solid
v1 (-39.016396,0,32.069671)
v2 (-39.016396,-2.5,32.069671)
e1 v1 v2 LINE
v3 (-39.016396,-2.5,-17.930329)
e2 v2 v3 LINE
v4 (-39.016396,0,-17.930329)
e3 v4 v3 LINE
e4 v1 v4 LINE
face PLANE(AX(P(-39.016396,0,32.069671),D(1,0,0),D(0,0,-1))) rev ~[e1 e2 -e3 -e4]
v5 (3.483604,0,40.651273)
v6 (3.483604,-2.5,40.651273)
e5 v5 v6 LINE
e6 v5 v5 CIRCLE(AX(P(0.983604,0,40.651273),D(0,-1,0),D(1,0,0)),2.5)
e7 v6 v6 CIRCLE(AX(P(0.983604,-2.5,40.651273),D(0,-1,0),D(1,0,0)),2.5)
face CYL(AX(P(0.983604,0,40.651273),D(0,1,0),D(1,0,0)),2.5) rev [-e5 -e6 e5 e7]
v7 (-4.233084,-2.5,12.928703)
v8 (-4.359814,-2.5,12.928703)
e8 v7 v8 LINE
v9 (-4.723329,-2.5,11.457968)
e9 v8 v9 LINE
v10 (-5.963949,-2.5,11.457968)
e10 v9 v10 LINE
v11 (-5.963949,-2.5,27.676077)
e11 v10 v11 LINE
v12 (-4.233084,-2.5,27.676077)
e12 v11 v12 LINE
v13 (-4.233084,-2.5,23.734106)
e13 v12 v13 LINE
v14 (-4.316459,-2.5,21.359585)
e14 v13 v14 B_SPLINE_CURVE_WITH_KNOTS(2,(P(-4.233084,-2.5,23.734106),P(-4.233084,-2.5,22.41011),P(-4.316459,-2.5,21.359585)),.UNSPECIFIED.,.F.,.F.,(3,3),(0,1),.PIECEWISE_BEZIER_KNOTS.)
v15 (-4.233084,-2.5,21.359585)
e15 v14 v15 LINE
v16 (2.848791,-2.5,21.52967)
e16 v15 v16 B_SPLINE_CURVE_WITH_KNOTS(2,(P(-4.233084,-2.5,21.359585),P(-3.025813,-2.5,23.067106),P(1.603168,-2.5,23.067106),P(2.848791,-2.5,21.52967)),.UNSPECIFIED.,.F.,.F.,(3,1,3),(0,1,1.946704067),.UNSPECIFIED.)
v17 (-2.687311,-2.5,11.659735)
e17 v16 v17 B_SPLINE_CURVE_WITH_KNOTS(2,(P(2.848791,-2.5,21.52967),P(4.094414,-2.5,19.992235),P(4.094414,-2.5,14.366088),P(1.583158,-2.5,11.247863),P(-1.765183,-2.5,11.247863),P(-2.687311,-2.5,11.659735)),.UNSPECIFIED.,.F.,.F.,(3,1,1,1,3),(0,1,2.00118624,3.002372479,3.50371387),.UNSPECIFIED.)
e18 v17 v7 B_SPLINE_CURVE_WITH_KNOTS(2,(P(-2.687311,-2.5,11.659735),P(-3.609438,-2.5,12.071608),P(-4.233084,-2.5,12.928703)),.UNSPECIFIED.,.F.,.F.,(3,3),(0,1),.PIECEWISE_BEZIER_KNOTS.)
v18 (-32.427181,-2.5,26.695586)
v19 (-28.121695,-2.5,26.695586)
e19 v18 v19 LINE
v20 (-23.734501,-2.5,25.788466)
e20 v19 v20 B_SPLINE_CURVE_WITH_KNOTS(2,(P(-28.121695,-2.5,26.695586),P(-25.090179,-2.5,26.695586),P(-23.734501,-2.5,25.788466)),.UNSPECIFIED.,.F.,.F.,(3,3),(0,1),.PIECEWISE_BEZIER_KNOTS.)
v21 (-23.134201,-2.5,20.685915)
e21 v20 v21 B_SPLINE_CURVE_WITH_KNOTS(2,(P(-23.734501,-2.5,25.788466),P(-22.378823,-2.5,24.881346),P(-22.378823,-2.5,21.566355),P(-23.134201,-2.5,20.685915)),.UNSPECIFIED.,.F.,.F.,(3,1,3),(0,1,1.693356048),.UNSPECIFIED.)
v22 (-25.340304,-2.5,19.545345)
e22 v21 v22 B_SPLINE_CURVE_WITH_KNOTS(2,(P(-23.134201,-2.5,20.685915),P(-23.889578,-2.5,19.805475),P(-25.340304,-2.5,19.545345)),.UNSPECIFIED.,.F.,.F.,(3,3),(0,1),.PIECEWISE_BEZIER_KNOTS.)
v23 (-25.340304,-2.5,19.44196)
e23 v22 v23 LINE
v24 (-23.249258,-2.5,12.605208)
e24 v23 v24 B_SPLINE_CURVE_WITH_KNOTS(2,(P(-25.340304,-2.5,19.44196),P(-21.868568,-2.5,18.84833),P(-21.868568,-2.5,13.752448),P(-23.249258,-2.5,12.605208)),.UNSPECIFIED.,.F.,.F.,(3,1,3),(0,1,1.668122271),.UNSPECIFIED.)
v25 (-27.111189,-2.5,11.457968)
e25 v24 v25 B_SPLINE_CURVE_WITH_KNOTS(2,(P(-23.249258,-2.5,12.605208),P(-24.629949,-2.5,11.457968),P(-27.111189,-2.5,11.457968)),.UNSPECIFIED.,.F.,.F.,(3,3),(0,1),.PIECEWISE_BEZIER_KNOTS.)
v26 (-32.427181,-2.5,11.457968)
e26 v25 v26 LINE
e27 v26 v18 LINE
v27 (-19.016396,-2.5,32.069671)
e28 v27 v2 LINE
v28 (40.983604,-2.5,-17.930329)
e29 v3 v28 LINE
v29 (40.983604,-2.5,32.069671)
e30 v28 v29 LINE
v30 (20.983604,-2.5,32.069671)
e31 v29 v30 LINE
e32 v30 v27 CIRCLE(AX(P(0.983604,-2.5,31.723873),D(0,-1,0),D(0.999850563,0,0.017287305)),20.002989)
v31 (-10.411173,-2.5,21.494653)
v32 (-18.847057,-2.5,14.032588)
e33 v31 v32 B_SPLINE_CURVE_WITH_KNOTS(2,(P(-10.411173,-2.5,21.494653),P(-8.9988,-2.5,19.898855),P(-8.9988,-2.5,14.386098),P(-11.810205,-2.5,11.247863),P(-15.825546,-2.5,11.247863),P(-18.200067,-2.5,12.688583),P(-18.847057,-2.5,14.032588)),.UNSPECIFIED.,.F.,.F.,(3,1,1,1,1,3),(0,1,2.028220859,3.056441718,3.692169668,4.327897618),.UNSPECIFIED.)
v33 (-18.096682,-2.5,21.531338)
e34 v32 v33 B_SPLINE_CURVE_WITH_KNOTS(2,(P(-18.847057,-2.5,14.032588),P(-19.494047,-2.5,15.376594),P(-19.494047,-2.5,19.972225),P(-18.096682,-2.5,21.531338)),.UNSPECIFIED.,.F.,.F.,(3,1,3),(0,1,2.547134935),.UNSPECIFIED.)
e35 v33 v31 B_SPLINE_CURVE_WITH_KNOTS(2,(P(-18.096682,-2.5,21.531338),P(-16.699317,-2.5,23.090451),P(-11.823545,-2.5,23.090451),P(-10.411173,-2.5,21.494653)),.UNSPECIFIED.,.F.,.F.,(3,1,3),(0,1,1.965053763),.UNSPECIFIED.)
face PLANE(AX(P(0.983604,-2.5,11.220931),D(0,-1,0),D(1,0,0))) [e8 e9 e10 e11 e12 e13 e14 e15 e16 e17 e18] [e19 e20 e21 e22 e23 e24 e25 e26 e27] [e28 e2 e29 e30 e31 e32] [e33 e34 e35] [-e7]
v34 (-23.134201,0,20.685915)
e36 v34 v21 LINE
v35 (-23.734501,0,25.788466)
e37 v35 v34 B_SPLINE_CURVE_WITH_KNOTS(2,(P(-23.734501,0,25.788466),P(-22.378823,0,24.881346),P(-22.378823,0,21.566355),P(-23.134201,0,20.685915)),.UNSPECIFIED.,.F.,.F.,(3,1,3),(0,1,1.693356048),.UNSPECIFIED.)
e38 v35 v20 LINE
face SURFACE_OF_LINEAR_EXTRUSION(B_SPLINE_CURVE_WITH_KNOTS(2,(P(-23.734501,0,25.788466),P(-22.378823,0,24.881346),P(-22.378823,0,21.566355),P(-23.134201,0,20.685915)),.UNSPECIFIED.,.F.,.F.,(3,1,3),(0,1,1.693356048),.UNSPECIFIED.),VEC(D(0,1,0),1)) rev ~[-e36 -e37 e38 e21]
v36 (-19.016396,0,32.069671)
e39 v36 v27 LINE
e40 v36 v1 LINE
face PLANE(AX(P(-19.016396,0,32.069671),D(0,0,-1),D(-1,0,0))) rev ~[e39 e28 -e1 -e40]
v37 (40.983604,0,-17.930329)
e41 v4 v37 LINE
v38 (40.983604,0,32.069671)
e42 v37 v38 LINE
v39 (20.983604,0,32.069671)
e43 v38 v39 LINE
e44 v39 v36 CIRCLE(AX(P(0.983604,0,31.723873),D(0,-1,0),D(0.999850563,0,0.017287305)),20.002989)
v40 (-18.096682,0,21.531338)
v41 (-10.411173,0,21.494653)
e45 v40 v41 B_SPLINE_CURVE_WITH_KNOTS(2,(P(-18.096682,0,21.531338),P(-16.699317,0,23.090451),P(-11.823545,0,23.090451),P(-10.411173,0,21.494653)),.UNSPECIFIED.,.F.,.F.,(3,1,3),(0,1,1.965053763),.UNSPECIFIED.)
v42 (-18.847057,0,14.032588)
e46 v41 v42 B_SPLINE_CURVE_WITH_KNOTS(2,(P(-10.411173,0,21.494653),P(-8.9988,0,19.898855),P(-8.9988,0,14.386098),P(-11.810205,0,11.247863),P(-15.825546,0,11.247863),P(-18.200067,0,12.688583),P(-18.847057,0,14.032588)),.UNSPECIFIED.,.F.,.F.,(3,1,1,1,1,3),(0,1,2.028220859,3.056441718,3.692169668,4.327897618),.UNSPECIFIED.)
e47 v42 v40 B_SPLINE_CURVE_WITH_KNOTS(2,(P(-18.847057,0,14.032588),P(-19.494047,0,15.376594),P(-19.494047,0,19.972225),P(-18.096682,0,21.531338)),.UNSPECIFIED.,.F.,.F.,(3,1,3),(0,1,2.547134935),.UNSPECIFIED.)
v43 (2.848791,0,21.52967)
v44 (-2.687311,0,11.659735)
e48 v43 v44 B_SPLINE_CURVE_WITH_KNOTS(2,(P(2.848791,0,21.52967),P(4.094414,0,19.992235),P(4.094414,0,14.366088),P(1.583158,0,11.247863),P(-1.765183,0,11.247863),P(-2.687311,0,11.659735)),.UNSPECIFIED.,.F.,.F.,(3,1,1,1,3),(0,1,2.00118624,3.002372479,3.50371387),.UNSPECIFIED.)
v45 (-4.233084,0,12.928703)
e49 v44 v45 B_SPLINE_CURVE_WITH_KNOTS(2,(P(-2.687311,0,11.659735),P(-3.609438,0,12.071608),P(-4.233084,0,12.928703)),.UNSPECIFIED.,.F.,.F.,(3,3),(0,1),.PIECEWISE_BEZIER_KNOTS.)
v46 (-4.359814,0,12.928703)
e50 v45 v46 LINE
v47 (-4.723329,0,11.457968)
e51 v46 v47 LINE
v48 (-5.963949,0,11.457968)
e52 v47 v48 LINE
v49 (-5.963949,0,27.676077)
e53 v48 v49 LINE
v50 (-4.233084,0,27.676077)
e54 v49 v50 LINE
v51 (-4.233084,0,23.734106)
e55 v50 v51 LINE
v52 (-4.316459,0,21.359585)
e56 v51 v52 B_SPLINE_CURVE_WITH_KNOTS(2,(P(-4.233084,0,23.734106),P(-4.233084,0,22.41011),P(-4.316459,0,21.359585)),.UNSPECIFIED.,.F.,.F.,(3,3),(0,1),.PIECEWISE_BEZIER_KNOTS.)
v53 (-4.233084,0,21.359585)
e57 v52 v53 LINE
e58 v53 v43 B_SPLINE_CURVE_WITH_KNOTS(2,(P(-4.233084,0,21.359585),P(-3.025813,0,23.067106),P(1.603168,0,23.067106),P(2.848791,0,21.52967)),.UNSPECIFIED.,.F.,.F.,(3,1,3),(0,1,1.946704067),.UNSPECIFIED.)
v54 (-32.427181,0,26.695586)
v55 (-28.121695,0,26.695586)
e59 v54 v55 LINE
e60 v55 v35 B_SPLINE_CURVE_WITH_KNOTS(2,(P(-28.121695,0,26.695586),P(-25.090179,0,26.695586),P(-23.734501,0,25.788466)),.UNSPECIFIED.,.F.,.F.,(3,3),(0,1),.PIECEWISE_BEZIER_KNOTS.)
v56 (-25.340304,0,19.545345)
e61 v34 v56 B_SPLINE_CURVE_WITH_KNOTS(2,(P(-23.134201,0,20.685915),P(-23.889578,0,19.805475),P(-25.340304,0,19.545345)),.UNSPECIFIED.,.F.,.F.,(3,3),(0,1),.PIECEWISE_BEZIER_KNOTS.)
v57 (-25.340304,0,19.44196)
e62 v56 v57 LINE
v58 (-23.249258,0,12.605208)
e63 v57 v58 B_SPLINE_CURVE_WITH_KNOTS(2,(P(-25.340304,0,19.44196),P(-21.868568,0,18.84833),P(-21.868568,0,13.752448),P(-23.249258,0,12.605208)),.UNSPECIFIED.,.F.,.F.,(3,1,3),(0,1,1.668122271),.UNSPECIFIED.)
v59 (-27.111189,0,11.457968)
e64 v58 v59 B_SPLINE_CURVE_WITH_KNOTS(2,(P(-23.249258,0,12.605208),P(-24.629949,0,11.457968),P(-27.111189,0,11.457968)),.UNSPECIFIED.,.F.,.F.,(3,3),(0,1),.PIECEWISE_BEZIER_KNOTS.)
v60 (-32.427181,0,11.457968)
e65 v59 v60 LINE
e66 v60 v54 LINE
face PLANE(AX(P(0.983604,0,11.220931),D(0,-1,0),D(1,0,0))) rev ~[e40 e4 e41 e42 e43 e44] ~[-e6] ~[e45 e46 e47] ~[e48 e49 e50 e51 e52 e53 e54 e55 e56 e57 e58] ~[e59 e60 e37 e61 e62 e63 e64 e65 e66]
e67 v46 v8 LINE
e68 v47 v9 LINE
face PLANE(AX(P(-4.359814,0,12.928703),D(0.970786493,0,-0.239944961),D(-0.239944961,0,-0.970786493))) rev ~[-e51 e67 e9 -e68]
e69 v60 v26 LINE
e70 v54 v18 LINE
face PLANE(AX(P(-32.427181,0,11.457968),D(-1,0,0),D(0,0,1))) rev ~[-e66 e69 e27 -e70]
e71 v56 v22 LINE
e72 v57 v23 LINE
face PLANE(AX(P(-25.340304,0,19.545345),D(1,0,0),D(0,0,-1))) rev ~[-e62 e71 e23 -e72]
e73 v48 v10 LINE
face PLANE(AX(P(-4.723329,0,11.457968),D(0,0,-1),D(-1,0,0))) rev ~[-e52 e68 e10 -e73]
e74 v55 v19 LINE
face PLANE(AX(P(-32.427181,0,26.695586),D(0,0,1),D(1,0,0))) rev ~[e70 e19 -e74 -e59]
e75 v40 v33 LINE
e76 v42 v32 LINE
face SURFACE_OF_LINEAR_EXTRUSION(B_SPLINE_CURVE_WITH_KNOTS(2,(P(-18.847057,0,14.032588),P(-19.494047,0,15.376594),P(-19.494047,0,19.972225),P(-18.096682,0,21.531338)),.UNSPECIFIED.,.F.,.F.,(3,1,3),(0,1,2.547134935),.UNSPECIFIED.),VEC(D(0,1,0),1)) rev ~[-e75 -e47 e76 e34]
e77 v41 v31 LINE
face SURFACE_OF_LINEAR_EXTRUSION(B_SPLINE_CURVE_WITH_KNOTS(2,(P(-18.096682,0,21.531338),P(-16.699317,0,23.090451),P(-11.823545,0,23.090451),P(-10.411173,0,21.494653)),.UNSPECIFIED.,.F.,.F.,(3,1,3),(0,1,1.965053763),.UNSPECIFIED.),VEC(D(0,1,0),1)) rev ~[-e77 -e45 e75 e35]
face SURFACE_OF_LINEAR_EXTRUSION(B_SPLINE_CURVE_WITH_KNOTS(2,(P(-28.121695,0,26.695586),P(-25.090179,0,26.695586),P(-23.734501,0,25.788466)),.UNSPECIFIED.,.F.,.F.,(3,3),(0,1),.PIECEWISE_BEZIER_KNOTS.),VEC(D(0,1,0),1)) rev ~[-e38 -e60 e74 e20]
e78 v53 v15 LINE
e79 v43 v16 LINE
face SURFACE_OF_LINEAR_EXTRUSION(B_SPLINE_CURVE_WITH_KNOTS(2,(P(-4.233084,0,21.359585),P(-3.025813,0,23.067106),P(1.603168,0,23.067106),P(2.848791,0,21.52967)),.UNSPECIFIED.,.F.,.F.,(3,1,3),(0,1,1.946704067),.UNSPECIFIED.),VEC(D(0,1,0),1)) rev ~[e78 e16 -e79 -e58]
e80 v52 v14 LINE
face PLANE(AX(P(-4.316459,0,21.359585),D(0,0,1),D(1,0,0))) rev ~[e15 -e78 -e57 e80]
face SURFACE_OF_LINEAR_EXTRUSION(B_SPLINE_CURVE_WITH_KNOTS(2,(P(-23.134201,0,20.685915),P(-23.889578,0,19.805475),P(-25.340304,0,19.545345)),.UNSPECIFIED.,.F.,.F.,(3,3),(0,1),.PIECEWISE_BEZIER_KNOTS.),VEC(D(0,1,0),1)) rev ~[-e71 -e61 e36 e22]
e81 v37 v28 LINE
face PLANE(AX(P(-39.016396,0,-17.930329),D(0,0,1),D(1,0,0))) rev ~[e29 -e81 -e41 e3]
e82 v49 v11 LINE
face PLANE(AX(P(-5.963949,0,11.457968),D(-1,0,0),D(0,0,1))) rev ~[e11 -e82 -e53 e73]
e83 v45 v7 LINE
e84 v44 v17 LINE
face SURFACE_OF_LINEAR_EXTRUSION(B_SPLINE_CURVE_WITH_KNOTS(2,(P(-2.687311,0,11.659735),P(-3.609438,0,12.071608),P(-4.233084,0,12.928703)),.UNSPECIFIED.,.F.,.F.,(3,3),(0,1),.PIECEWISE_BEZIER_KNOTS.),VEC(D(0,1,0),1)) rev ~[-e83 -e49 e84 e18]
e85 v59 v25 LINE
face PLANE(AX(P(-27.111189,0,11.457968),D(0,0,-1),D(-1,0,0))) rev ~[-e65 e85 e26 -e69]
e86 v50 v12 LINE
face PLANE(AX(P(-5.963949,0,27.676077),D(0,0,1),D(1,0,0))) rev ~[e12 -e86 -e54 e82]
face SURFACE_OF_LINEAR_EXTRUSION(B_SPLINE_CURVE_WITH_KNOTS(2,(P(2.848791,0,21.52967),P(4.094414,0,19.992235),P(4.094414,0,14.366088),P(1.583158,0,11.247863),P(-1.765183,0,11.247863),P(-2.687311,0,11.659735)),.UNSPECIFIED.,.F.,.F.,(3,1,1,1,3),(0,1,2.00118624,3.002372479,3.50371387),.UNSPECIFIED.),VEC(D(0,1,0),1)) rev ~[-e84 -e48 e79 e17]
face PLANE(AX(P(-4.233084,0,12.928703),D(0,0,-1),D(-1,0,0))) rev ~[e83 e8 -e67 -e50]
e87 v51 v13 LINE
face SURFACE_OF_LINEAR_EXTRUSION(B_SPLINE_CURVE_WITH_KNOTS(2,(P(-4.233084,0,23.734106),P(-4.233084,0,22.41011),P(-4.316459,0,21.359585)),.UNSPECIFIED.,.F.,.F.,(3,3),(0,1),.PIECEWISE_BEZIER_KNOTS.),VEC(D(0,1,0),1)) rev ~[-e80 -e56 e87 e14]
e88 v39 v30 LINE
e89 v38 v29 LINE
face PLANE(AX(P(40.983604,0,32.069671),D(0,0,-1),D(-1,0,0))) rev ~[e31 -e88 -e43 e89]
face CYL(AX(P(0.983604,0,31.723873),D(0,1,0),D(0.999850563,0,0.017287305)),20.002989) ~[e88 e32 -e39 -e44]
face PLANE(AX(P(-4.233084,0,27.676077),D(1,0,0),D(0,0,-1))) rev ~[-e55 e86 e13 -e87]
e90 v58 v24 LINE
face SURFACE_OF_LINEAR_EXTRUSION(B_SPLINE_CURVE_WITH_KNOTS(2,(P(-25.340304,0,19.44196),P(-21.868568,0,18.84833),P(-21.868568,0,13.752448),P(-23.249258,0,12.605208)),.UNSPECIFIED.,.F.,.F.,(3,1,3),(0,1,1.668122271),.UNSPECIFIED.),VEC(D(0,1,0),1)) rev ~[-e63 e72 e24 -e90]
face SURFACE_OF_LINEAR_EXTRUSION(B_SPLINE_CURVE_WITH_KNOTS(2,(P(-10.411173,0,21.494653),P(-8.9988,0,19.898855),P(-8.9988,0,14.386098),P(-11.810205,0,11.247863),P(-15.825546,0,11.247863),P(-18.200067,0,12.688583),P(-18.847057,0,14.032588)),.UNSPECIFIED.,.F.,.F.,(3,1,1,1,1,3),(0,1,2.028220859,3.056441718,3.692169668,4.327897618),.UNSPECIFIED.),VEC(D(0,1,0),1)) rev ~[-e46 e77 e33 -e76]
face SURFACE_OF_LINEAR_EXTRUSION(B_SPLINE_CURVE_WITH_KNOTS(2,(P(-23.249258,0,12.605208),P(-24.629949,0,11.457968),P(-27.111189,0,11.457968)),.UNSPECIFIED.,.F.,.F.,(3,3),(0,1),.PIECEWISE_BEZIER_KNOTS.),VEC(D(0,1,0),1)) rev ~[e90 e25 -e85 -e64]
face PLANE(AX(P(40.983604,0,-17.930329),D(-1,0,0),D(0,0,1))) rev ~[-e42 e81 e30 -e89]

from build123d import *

# Parameters (mm, degrees)
F0_R     = 2.5
F1_DEPTH = 2.5


with BuildPart() as f1:
    # F0 (on Front) → F1 (new body)
    with BuildSketch(Plane.XZ):
        with BuildLine():
            Line((-39.0163958073, 32.069671154), (-39.0163958073, -17.930328846))
            Line((-39.0163958073, -17.930328846), (40.9836041927, -17.930328846))
            Line((40.9836041927, -17.930328846), (40.9836041927, 32.069671154))
            Line((40.9836041927, 32.069671154), (20.9836041927, 32.069671154))
            ThreePointArc((20.9836041927, 32.069671154), (0.9836041927, 51.7268625575), (-19.0163958073, 32.069671154))
            Line((-19.0163958073, 32.069671154), (-39.0163958073, 32.069671154))
        make_face()
        with BuildLine():
            Line((-32.4271805924, 11.4579676845), (-32.4271805924, 26.6955864939))
            Line((-32.4271805924, 26.6955864939), (-28.121694516, 26.6955864939))
            add(Edge.make_bspline(
                [(-28.121694516, 26.6955864939), (-25.0901787581, 26.6955864939), (-23.7345009192, 25.7884662672)],
                knots=[0, 0, 0, 1, 1, 1], degree=2))
            add(Edge.make_bspline(
                [(-23.7345009192, 25.7884662672), (-22.3788230803, 24.8813460404), (-22.3788230803, 22.923700551)],
                knots=[0, 0, 0, 1, 1, 1], degree=2))
            add(Edge.make_bspline(
                [(-22.3788230803, 22.923700551), (-22.3788230803, 21.5663552116), (-23.1342007691, 20.6859149915)],
                knots=[0, 0, 0, 1, 1, 1], degree=2))
            add(Edge.make_bspline(
                [(-23.1342007691, 20.6859149915), (-23.889578458, 19.8054747714), (-25.3403038207, 19.5453447064)],
                knots=[0, 0, 0, 1, 1, 1], degree=2))
            Line((-25.3403038207, 19.5453447064), (-25.3403038207, 19.4419596805))
            add(Edge.make_bspline(
                [(-25.3403038207, 19.4419596805), (-21.8685679527, 18.8483295321), (-21.8685679527, 15.7934687684)],
                knots=[0, 0, 0, 1, 1, 1], degree=2))
            add(Edge.make_bspline(
                [(-21.8685679527, 15.7934687684), (-21.8685679527, 13.7524482582), (-23.2492582979, 12.6052079713)],
                knots=[0, 0, 0, 1, 1, 1], degree=2))
            add(Edge.make_bspline(
                [(-23.2492582979, 12.6052079713), (-24.6299486431, 11.4579676845), (-27.1111892634, 11.4579676845)],
                knots=[0, 0, 0, 1, 1, 1], degree=2))
            Line((-27.1111892634, 11.4579676845), (-32.4271805924, 11.4579676845))
        make_face(mode=Mode.SUBTRACT)
        with BuildLine():
            add(Edge.make_bspline(
                [(-10.4111725884, 21.4946526937), (-8.9987997353, 19.8988547948), (-8.9987997353, 17.1808291152)],
                knots=[0, 0, 0, 1, 1, 1], degree=2))
            add(Edge.make_bspline(
                [(-8.9987997353, 17.1808291152), (-8.9987997353, 14.3860984166), (-10.4045025867, 12.8169805243)],
                knots=[0, 0, 0, 1, 1, 1], degree=2))
            add(Edge.make_bspline(
                [(-10.4045025867, 12.8169805243), (-11.8102054381, 11.247862632), (-14.2914460585, 11.247862632)],
                knots=[0, 0, 0, 1, 1, 1], degree=2))
            add(Edge.make_bspline(
                [(-14.2914460585, 11.247862632), (-15.825546442, 11.247862632), (-17.0128067388, 11.9682228121)],
                knots=[0, 0, 0, 1, 1, 1], degree=2))
            add(Edge.make_bspline(
                [(-17.0128067388, 11.9682228121), (-18.2000670356, 12.6885829922), (-18.8470571974, 14.0325883282)],
                knots=[0, 0, 0, 1, 1, 1], degree=2))
            add(Edge.make_bspline(
                [(-18.8470571974, 14.0325883282), (-19.4940473591, 15.3765936642), (-19.4940473591, 17.1808291152)],
                knots=[0, 0, 0, 1, 1, 1], degree=2))
            add(Edge.make_bspline(
                [(-19.4940473591, 17.1808291152), (-19.4940473591, 19.9722248131), (-18.0966820098, 21.5313377029)],
                knots=[0, 0, 0, 1, 1, 1], degree=2))
            add(Edge.make_bspline(
                [(-18.0966820098, 21.5313377029), (-16.6993166604, 23.0904505927), (-14.2180760401, 23.0904505927)],
                knots=[0, 0, 0, 1, 1, 1], degree=2))
            add(Edge.make_bspline(
                [(-14.2180760401, 23.0904505927), (-11.8235454415, 23.0904505927), (-10.4111725884, 21.4946526937)],
                knots=[0, 0, 0, 1, 1, 1], degree=2))
        make_face(mode=Mode.SUBTRACT)
        with BuildLine():
            add(Edge.make_bspline(
                [(-4.2330835439, 21.3595851599), (-3.025813242, 23.0671055868), (-0.6479576476, 23.0671055868)],
                knots=[0, 0, 0, 1, 1, 1], degree=2))
            add(Edge.make_bspline(
                [(-0.6479576476, 23.0671055868), (1.6031679152, 23.0671055868), (2.8487907266, 21.5296702025)],
                knots=[0, 0, 0, 1, 1, 1], degree=2))
            add(Edge.make_bspline(
                [(2.8487907266, 21.5296702025), (4.094413538, 19.9922348181), (4.094413538, 17.1808291152)],
                knots=[0, 0, 0, 1, 1, 1], degree=2))
            add(Edge.make_bspline(
                [(4.094413538, 17.1808291152), (4.094413538, 14.3660884116), (2.8387857241, 12.8069755218)],
                knots=[0, 0, 0, 1, 1, 1], degree=2))
            add(Edge.make_bspline(
                [(2.8387857241, 12.8069755218), (1.5831579102, 11.247862632), (-0.6479576476, 11.247862632)],
                knots=[0, 0, 0, 1, 1, 1], degree=2))
            add(Edge.make_bspline(
                [(-0.6479576476, 11.247862632), (-1.7651829269, 11.247862632), (-2.6873106574, 11.659735235)],
                knots=[0, 0, 0, 1, 1, 1], degree=2))
            add(Edge.make_bspline(
                [(-2.6873106574, 11.659735235), (-3.6094383879, 12.0716078379), (-4.2330835439, 12.9287030522)],
                knots=[0, 0, 0, 1, 1, 1], degree=2))
            Line((-4.2330835439, 12.9287030522), (-4.3598135755, 12.9287030522))
            Line((-4.3598135755, 12.9287030522), (-4.7233286664, 11.4579676845))
            Line((-4.7233286664, 11.4579676845), (-5.9639489766, 11.4579676845))
            Line((-5.9639489766, 11.4579676845), (-5.9639489766, 27.6760767391))
            Line((-5.9639489766, 27.6760767391), (-4.2330835439, 27.6760767391))
            Line((-4.2330835439, 27.6760767391), (-4.2330835439, 23.7341057536))
            add(Edge.make_bspline(
                [(-4.2330835439, 23.7341057536), (-4.2330835439, 22.4101104226), (-4.3164585647, 21.3595851599)],
                knots=[0, 0, 0, 1, 1, 1], degree=2))
            Line((-4.3164585647, 21.3595851599), (-4.2330835439, 21.3595851599))
        make_face(mode=Mode.SUBTRACT)
        with Locations((0.9836041927, 40.6512729824)):
            Circle(F0_R, mode=Mode.SUBTRACT)
    extrude(amount=F1_DEPTH)


solid = f1.part
